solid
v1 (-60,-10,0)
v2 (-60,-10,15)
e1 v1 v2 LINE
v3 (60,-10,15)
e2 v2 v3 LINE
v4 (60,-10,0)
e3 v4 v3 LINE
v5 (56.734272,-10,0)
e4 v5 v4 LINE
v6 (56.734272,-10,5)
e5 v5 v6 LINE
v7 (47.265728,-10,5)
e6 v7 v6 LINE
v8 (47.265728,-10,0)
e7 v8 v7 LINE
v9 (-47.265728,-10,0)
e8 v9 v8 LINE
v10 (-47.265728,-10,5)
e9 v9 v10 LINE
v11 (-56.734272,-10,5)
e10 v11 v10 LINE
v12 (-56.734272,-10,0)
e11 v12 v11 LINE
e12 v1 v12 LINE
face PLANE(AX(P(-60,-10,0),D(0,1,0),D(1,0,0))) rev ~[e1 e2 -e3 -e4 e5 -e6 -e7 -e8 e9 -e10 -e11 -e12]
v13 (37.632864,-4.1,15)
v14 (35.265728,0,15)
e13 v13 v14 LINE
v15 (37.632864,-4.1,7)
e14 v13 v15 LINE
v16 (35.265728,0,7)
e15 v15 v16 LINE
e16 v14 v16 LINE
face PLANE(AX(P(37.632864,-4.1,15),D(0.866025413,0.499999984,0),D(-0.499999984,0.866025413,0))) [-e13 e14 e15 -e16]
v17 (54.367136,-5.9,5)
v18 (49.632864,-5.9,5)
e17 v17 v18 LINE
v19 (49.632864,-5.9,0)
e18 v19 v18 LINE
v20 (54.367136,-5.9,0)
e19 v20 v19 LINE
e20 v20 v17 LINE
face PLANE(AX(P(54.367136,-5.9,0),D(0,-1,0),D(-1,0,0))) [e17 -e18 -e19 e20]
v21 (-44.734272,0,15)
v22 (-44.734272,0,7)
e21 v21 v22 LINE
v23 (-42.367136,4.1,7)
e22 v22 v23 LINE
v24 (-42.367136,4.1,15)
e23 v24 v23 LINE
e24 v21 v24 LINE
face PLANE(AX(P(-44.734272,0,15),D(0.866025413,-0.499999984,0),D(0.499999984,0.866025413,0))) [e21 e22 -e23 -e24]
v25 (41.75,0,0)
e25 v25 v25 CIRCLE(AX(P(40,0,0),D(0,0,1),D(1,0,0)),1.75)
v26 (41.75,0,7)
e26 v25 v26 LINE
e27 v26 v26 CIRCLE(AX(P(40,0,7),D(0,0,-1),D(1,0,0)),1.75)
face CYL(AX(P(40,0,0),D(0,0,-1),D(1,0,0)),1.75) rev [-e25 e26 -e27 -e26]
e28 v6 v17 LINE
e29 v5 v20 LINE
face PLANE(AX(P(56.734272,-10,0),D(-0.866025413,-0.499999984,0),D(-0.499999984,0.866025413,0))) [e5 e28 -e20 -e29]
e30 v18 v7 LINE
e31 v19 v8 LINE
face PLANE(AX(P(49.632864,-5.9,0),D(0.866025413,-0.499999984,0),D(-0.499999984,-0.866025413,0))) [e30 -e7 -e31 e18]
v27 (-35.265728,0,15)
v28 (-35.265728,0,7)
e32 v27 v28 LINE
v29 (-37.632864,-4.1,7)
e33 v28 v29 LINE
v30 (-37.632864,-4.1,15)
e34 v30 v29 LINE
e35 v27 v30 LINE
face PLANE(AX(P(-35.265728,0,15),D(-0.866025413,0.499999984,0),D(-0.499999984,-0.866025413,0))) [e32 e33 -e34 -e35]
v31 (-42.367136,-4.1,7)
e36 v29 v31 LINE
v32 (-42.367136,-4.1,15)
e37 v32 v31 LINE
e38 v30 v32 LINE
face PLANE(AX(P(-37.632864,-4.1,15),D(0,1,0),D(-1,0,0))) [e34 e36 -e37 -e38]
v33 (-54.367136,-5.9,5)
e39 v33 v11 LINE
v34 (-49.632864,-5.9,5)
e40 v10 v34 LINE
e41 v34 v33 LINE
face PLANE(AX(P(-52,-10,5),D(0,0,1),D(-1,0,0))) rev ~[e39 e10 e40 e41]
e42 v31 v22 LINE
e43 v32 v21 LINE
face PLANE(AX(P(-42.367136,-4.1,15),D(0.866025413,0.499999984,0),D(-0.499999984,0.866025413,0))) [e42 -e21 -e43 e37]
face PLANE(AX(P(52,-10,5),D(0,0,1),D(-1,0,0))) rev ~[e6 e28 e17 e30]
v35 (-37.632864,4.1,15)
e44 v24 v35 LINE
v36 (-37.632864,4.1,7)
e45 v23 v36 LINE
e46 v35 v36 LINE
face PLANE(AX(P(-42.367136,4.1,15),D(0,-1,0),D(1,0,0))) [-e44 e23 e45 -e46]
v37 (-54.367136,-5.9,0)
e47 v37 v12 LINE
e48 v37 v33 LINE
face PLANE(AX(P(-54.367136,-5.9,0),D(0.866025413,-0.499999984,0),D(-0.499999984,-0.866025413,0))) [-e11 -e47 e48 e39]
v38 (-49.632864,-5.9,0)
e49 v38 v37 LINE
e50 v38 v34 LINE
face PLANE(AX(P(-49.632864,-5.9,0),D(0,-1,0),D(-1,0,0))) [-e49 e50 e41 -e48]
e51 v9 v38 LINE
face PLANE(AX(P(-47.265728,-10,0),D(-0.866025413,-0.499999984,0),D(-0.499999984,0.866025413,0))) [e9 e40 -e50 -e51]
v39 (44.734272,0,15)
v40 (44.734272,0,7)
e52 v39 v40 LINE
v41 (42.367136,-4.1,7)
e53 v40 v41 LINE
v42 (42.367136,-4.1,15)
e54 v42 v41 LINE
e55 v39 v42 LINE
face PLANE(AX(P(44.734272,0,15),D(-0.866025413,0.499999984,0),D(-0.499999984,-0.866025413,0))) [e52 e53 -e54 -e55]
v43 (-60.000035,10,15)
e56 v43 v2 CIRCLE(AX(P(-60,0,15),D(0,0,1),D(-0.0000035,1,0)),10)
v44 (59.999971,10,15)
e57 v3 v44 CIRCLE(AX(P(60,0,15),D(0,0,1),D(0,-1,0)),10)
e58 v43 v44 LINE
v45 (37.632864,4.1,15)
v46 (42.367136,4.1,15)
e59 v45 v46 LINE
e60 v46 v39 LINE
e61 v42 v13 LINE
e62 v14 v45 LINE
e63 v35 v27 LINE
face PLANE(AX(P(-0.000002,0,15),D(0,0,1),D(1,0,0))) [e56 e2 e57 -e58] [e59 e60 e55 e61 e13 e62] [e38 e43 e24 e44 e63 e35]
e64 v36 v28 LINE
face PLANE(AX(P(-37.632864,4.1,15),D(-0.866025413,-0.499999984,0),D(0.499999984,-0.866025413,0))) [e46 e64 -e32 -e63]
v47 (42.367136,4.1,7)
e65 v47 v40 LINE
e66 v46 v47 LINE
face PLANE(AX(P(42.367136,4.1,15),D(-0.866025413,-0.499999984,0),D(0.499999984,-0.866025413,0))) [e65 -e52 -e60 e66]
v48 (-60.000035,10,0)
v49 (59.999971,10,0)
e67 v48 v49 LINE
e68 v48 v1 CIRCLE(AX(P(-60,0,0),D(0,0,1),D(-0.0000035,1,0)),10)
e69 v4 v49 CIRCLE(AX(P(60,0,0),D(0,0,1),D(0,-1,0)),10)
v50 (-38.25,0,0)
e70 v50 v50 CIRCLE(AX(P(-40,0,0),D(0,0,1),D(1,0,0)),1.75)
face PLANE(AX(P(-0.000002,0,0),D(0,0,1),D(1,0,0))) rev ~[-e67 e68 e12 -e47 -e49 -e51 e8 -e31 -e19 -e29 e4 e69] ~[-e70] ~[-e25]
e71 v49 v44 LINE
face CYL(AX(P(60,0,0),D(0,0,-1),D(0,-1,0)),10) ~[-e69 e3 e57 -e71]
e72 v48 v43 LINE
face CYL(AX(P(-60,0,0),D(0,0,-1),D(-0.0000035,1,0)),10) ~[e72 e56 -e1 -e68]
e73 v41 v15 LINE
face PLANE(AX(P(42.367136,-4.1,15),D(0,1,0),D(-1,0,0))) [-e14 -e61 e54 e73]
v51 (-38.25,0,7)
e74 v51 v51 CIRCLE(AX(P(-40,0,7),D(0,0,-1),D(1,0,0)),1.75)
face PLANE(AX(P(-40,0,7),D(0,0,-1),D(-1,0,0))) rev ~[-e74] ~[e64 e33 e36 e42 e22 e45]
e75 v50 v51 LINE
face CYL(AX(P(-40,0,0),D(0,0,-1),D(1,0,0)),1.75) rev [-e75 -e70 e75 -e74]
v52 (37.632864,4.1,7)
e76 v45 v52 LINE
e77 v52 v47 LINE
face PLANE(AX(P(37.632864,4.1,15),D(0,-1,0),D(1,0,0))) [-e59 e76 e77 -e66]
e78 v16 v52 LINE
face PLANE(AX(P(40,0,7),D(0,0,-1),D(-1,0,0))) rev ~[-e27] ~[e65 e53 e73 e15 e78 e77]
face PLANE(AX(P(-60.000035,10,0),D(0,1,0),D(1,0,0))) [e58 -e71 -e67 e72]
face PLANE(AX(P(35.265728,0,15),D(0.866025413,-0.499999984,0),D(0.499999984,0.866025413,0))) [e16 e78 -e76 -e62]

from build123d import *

# Parameters (mm, degrees)
SKETCH_R        = 1.75
PAD_DEPTH       = 15
POCKET_DEPTH    = 8
POCKET001_DEPTH = 5


with BuildPart() as part:
    # Sketch → Pad (new body)
    with BuildSketch(Plane.XY):
        with BuildLine():
            ThreePointArc((-60.000035, 10), (-70, -1.7e-05), (-60, -10))
            Line((-60, -10), (60, -10))
            ThreePointArc((60, -10), (70, 1.5e-05), (59.999971, 10))
            Line((-60.000035, 10), (59.999971, 10))
        make_face()
        with Locations((40, 0)):
            Circle(SKETCH_R, mode=Mode.SUBTRACT)
        with Locations((-40, 0)):
            Circle(SKETCH_R, mode=Mode.SUBTRACT)
    extrude(amount=PAD_DEPTH)

    # Sketch001 → Pocket (cut)
    with BuildSketch(Plane.XY.offset(15)):
        Polygon((-42.367136, 4.1), (-37.632864, 4.1), (-35.265728, 0), (-37.632864, -4.1), (-42.367136, -4.1), (-44.734272, 0), align=None)
        Polygon((37.632864, 4.1), (42.367136, 4.1), (44.734272, 0), (42.367136, -4.1), (37.632864, -4.1), (35.265728, 0), align=None)
    extrude(amount=-POCKET_DEPTH, mode=Mode.SUBTRACT)

    # Sketch002 → Pocket001 (cut)
    with BuildSketch(Plane(origin=(0, 0, 0), x_dir=(1, 0, 0), z_dir=(0, 0, -1))):
        Polygon((-54.367136, 14.1), (-49.632864, 14.1), (-47.265728, 10), (-49.632864, 5.9), (-54.367136, 5.9), (-56.734272, 10), align=None)
        Polygon((49.632864, 14.1), (54.367136, 14.1), (56.734272, 10), (54.367136, 5.9), (49.632864, 5.9), (47.265728, 10), align=None)
    extrude(amount=-POCKET001_DEPTH, mode=Mode.SUBTRACT)


solid = part.part
